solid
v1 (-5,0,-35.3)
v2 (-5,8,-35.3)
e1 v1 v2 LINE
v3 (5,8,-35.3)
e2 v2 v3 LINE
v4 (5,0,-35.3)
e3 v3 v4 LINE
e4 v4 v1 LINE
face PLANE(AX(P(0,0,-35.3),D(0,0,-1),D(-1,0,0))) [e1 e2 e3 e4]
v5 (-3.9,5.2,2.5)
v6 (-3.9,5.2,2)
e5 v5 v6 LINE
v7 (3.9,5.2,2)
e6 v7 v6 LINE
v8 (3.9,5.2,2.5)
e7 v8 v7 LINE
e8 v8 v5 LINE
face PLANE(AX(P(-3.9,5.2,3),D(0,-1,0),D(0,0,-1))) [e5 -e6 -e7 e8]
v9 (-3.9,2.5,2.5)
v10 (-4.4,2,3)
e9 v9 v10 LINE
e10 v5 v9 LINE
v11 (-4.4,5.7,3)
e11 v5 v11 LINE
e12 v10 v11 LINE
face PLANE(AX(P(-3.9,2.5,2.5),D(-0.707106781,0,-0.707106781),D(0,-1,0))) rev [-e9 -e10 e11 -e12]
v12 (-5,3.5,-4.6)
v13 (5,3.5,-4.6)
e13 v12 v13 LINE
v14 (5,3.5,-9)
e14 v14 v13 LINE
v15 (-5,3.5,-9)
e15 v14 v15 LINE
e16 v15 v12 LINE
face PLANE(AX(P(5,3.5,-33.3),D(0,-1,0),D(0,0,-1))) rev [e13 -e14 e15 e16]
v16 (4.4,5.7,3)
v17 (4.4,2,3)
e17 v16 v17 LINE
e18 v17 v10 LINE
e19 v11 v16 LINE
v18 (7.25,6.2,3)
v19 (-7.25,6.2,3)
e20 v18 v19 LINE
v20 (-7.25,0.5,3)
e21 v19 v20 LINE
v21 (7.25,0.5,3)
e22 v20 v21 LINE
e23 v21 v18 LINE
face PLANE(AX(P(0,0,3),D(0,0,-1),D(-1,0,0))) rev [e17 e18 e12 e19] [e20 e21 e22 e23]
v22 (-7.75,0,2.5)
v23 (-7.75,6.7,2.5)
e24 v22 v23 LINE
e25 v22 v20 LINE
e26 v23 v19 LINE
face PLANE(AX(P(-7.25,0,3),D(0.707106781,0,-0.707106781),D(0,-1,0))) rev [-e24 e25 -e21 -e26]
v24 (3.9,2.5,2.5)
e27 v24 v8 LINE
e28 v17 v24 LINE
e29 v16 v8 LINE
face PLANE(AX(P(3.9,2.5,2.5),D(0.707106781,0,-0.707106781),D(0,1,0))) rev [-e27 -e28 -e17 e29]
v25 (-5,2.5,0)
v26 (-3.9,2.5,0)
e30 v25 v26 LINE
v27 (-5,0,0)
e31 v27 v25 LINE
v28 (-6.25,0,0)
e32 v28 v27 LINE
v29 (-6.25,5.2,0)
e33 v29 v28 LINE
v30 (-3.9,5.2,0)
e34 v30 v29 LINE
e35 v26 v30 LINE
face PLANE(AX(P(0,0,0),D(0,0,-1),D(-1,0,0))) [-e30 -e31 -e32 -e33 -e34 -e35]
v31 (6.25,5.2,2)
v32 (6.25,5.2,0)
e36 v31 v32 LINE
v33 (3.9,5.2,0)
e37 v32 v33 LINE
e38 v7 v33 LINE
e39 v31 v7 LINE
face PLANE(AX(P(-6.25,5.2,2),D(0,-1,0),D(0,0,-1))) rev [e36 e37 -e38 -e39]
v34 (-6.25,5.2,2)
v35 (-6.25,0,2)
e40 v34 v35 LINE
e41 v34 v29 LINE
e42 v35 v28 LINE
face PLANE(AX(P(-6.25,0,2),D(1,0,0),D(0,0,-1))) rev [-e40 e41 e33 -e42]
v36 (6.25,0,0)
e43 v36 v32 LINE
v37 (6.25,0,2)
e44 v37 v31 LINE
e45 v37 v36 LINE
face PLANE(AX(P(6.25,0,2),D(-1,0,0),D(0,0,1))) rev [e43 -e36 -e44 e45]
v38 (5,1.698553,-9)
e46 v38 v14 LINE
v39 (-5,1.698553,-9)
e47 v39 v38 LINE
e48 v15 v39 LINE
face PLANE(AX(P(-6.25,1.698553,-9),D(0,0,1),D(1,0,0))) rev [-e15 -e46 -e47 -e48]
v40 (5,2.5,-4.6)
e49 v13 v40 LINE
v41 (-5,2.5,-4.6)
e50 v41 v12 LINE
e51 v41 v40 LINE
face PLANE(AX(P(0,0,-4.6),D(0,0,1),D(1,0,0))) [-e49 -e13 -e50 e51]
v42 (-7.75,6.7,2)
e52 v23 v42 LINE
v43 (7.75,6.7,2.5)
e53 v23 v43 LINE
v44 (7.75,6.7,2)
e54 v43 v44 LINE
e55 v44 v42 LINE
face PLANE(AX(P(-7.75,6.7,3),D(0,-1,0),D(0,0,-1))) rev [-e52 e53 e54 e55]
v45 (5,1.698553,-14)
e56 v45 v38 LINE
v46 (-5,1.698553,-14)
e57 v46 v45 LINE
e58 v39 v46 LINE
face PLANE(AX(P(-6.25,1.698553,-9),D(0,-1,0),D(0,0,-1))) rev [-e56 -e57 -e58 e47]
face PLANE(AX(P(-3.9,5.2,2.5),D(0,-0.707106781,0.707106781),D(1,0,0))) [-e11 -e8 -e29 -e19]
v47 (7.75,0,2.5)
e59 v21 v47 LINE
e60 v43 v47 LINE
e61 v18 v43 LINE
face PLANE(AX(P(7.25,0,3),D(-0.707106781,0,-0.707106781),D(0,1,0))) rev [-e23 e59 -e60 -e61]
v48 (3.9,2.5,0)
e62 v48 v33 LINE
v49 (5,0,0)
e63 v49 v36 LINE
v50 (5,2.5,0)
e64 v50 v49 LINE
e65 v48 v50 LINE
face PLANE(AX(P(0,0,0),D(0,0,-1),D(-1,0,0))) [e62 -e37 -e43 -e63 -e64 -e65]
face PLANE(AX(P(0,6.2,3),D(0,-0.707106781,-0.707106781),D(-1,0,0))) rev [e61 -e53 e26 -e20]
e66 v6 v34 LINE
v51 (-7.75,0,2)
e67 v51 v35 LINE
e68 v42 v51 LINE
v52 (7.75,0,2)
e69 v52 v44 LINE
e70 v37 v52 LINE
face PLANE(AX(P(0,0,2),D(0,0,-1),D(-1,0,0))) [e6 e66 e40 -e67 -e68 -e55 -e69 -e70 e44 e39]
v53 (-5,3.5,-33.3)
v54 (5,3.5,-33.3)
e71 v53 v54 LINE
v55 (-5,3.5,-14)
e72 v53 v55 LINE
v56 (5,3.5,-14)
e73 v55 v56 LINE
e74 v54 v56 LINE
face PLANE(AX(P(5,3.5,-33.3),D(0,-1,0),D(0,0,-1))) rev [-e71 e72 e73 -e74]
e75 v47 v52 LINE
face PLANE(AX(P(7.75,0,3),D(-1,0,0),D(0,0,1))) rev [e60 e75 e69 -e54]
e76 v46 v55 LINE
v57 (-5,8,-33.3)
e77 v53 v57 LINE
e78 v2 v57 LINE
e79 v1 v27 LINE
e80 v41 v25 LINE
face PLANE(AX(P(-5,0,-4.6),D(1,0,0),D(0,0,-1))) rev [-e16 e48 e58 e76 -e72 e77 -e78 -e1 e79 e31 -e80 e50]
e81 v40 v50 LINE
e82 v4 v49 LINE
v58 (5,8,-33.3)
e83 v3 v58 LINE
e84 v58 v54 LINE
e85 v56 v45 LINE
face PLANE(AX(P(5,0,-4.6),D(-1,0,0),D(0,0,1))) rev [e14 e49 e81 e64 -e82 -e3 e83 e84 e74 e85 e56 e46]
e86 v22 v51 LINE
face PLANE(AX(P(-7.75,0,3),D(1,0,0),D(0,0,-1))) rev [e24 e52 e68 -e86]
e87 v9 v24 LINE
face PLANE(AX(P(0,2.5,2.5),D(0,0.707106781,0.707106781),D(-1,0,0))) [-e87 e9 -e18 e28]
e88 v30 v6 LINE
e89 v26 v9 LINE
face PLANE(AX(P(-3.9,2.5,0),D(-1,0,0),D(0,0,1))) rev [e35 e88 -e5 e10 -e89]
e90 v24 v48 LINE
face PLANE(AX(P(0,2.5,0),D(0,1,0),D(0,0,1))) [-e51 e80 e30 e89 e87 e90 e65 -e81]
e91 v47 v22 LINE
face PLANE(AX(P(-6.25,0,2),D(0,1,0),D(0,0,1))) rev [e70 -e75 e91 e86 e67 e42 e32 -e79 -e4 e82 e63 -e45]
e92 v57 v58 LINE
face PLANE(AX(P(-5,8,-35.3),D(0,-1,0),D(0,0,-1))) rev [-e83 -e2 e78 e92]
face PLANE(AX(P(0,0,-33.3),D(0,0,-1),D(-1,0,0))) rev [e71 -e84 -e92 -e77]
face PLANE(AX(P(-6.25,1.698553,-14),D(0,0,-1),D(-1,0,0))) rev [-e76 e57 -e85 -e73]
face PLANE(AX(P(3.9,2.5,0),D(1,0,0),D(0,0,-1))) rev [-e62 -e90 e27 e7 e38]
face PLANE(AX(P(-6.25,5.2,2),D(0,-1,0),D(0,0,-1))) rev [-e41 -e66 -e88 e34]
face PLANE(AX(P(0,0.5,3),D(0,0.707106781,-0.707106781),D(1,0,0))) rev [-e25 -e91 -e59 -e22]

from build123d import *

# Parameters (mm, degrees)
SKETCH1_W               = 12.5
SKETCH1_H               = 5.2
BOSS_EXTRUDE1_DEPTH     = 2
SKETCH2_W               = 7.8
SKETCH2_H               = 2
CUT_EXTRUDE1_DEPTH      = 2.7
SKETCH3_W               = 10
SKETCH3_H               = 2.5
BOSS_EXTRUDE2_DEPTH     = 4.6
SKETCH4_W               = 10
SKETCH4_H               = 3.5
BOSS_EXTRUDE3_DEPTH     = 28.7
SKETCH5_W               = 10
SKETCH5_H               = 8
BOSS_EXTRUDE4_DEPTH     = 2
CUT_EXTRUDE2_DEPTH      = 37.730811317
CUT_EXTRUDE2_DEPTH_BACK = 37.730811317
SKETCH6_W               = 5
SKETCH6_H               = 2
SKETCH7_W               = 15.5
SKETCH7_H               = 6.7
SKETCH7_W_2             = 7.8
SKETCH7_H_2             = 2.7
BOSS_EXTRUDE5_DEPTH     = 1
CHAMFER1_SIZE           = 0.5


with BuildPart() as part:
    # Sketch1 → Boss-Extrude1 (new body)
    with BuildSketch(Plane.XY):
        with Locations((0, 2.6)):
            Rectangle(SKETCH1_W, SKETCH1_H)
    extrude(amount=BOSS_EXTRUDE1_DEPTH)

    # Sketch2 → Cut-Extrude1 (cut)
    with BuildSketch(Plane(origin=(0, 5.2, 0), x_dir=(1, 0, 0), z_dir=(0, 1, 0))):
        with Locations((0, -1)):
            Rectangle(SKETCH2_W, SKETCH2_H)
    extrude(amount=-CUT_EXTRUDE1_DEPTH, mode=Mode.SUBTRACT)

    # Sketch3 → Boss-Extrude2 (add)
    with BuildSketch(Plane(origin=(0, 0, 0), x_dir=(-1, 0, 0), z_dir=(0, 0, -1))):
        with Locations((0, 1.25)):
            Rectangle(SKETCH3_W, SKETCH3_H)
    extrude(amount=BOSS_EXTRUDE2_DEPTH)

    # Sketch4 → Boss-Extrude3 (add)
    with BuildSketch(Plane(origin=(0, 0, -4.6), x_dir=(-1, 0, 0), z_dir=(0, 0, -1))):
        with Locations((0, 1.75)):
            Rectangle(SKETCH4_W, SKETCH4_H)
    extrude(amount=BOSS_EXTRUDE3_DEPTH)

    # Sketch5 → Boss-Extrude4 (add)
    with BuildSketch(Plane(origin=(0, 0, -33.3), x_dir=(-1, 0, 0), z_dir=(0, 0, -1))):
        with Locations((0, 4)):
            Rectangle(SKETCH5_W, SKETCH5_H)
    extrude(amount=BOSS_EXTRUDE4_DEPTH)

    # Sketch6 → Cut-Extrude2 (cut, two sides: drawn at the far end of the back side and taken through both)
    with BuildSketch(Plane(origin=(0, 0, 0), x_dir=(0, 0, -1), z_dir=(1, 0, 0)).offset(-CUT_EXTRUDE2_DEPTH_BACK)):
        with Locations((11.5, 2.698552558)):
            Rectangle(SKETCH6_W, SKETCH6_H)
    extrude(amount=CUT_EXTRUDE2_DEPTH + CUT_EXTRUDE2_DEPTH_BACK, mode=Mode.SUBTRACT)

    # Sketch7 → Boss-Extrude5 (add)
    with BuildSketch(Plane.XY.offset(2)):
        with Locations((0, 3.35)):
            Rectangle(SKETCH7_W, SKETCH7_H)
        with Locations((0, 3.85)):
            Rectangle(SKETCH7_W_2, SKETCH7_H_2, mode=Mode.SUBTRACT)
    extrude(amount=BOSS_EXTRUDE5_DEPTH)

    # Chamfer1
    chamfer1_edges = [part.edges().sort_by_distance(p)[0] for p in [
        (0, 5.2, 3),
        (-7.75, 3.35, 3),
        (0, 0, 3),
        (7.75, 3.35, 3),
        (0, 6.7, 3),
        (-3.9, 3.85, 3),
        (0, 2.5, 3),
        (3.9, 3.85, 3),
    ]]
    chamfer(chamfer1_edges, length=CHAMFER1_SIZE)


solid = part.part
